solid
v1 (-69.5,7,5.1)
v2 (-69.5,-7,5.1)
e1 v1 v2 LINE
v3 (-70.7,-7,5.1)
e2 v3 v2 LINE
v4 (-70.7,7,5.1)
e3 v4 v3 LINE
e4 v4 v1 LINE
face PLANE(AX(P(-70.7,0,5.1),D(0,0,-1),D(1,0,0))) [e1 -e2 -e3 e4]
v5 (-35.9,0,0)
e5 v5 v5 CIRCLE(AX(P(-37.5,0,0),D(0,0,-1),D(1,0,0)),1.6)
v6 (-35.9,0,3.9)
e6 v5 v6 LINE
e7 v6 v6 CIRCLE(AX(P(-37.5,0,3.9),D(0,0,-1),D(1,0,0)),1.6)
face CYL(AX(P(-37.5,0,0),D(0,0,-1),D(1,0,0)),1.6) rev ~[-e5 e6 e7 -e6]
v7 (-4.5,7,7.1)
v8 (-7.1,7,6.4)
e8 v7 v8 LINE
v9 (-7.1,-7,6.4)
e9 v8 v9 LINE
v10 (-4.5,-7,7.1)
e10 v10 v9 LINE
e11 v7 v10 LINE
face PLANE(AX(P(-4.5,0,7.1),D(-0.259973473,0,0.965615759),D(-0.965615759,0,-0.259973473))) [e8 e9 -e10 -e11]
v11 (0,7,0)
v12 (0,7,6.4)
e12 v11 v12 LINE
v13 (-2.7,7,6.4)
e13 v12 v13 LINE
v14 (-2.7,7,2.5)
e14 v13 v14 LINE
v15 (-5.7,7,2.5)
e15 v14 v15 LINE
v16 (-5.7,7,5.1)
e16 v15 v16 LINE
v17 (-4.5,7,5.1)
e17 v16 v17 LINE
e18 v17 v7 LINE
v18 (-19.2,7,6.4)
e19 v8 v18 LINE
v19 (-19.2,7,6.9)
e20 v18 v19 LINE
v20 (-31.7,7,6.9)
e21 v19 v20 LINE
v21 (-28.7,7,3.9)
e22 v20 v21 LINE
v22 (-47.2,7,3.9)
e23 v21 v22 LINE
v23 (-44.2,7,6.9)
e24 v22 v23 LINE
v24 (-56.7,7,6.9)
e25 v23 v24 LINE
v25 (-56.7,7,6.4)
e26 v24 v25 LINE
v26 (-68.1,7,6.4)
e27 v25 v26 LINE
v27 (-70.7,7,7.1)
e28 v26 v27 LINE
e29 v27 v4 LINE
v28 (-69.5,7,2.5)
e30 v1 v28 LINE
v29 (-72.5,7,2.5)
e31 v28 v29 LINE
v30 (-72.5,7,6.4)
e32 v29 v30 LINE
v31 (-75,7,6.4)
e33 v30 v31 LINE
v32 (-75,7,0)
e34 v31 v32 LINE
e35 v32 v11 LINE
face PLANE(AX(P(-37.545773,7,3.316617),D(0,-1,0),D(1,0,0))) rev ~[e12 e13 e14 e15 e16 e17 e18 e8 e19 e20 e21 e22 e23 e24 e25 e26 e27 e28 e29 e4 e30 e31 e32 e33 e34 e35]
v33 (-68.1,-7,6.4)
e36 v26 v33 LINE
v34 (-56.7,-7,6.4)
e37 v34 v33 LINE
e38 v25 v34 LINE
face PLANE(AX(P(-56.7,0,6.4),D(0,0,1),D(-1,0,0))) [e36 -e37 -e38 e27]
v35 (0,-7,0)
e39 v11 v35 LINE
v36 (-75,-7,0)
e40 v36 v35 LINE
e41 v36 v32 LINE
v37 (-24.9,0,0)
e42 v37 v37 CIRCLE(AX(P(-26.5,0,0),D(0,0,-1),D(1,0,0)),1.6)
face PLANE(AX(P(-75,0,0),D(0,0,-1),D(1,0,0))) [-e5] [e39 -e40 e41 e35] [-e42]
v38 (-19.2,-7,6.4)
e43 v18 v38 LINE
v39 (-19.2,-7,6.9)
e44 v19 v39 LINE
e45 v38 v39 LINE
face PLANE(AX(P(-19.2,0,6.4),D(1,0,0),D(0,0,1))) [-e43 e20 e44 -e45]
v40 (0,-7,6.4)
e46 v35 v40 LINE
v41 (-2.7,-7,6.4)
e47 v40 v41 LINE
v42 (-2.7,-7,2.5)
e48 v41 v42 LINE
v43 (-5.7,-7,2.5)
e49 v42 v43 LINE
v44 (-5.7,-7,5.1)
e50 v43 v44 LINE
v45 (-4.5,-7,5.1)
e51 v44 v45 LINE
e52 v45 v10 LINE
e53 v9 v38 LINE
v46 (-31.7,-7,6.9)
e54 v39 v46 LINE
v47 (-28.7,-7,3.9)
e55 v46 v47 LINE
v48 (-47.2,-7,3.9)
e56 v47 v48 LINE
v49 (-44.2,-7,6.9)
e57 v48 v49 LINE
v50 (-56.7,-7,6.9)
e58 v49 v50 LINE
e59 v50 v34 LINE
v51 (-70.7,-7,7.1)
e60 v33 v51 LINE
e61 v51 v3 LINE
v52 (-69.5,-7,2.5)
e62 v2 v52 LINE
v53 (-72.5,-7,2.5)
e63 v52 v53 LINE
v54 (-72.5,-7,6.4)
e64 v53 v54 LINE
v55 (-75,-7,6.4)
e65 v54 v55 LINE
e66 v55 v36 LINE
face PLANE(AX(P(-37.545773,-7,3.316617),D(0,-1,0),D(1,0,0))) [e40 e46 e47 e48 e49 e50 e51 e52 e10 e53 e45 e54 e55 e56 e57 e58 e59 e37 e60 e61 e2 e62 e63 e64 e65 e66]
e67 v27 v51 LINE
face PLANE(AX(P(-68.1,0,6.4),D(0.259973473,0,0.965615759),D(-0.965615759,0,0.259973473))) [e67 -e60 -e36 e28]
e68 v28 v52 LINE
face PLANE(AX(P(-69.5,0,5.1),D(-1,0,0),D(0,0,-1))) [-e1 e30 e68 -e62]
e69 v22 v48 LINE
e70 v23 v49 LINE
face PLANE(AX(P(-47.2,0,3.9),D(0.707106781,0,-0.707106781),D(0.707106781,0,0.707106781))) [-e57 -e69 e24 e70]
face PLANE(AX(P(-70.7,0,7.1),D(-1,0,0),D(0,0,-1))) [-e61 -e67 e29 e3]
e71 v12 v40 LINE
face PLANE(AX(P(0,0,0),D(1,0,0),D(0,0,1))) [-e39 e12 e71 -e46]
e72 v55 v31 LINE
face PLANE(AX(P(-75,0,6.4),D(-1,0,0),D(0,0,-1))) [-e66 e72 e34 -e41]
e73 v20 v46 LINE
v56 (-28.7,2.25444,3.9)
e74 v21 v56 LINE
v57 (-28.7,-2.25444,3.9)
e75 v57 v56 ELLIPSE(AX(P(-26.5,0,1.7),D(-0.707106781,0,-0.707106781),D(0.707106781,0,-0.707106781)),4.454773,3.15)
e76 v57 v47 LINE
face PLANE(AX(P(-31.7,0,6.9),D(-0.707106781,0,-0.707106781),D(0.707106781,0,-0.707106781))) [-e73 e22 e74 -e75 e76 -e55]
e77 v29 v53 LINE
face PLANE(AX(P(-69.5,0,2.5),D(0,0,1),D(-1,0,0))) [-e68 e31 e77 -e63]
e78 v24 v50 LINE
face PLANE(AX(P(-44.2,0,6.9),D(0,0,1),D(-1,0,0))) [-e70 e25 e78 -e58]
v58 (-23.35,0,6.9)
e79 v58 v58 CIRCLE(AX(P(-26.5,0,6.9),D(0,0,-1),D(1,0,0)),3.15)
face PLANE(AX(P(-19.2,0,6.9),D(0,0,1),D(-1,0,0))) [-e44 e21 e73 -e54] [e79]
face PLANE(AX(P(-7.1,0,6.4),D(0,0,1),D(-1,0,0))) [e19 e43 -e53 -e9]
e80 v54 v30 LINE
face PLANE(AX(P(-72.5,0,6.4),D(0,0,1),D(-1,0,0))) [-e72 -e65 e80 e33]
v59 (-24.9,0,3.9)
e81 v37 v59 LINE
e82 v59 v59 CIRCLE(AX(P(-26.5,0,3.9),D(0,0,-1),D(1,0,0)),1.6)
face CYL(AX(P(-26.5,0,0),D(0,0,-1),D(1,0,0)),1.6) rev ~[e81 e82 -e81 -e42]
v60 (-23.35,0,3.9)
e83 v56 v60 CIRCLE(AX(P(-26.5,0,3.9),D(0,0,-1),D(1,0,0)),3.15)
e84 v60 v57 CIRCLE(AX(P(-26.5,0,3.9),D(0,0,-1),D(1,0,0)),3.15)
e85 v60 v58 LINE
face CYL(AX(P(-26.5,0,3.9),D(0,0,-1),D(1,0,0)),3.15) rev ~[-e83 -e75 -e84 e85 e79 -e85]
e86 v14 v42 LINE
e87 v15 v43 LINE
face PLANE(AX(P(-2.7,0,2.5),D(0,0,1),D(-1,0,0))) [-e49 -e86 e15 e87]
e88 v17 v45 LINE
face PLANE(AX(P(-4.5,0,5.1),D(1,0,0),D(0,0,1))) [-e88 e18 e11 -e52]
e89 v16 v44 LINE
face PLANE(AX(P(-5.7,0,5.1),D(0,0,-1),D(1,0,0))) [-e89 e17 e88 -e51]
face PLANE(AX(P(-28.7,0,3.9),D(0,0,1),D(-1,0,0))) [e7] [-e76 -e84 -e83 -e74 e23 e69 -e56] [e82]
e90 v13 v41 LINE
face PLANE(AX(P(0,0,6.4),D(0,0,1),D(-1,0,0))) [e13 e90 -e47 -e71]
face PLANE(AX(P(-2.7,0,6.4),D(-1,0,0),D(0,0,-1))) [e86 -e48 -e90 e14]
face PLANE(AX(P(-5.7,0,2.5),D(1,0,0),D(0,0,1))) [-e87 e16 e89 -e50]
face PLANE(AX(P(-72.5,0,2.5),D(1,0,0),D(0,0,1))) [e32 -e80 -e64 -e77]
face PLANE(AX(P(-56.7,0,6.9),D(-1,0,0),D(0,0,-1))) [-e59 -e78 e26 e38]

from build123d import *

# Parameters (mm, degrees)
F1_DEPTH = 7
F2_R     = 1.6
F3_DEPTH = 25
F4_START = -3.9
F2_R_2   = 3.15
F4_DEPTH = 21.1


with BuildPart() as f1:
    # F0 (on Front) → F1 (new body, symmetric)
    with BuildSketch(Plane.XZ):
        Polygon((-75, 0), (0, 0), (0, 6.4), (-2.7, 6.4), (-2.7, 2.5), (-5.7, 2.5), (-5.7, 5.1), (-4.5, 5.1), (-4.5, 6.4), (-4.5, 7.1), (-7.1, 6.4), (-19.2, 6.4), (-19.2, 6.9), (-31.7, 6.9), (-31.2, 6.4), (-28.7, 3.9), (-47.2, 3.9), (-44.7, 6.4), (-44.2, 6.9), (-56.7, 6.9), (-56.7, 6.4), (-68.1, 6.4), (-70.7, 7.1), (-70.7, 6.4), (-70.7, 5.1), (-69.5, 5.1), (-69.5, 2.5), (-72.5, 2.5), (-72.5, 6.4), (-75, 6.4), align=None)
    extrude(amount=F1_DEPTH, both=True)

    # F2 (on face) → F3 (cut)
    with BuildSketch(Plane(origin=(0, 0, 0), x_dir=(1, 0, 0), z_dir=(0, 0, -1))):
        with Locations((-37.5, 0)):
            Circle(F2_R)
        with Locations((-26.5, 0)):
            Circle(F2_R)
    extrude(amount=-F3_DEPTH, mode=Mode.SUBTRACT)

    # F2 (on face) → F4 (cut)
    with BuildSketch(Plane(origin=(0, 0, 0), x_dir=(1, 0, 0), z_dir=(0, 0, -1)).offset(F4_START)):
        with Locations((-26.5, 0)):
            Circle(F2_R_2)
        with Locations((-26.5, 0)):
            Circle(F2_R, mode=Mode.SUBTRACT)
    extrude(amount=-F4_DEPTH, mode=Mode.SUBTRACT)


solid = f1.part
